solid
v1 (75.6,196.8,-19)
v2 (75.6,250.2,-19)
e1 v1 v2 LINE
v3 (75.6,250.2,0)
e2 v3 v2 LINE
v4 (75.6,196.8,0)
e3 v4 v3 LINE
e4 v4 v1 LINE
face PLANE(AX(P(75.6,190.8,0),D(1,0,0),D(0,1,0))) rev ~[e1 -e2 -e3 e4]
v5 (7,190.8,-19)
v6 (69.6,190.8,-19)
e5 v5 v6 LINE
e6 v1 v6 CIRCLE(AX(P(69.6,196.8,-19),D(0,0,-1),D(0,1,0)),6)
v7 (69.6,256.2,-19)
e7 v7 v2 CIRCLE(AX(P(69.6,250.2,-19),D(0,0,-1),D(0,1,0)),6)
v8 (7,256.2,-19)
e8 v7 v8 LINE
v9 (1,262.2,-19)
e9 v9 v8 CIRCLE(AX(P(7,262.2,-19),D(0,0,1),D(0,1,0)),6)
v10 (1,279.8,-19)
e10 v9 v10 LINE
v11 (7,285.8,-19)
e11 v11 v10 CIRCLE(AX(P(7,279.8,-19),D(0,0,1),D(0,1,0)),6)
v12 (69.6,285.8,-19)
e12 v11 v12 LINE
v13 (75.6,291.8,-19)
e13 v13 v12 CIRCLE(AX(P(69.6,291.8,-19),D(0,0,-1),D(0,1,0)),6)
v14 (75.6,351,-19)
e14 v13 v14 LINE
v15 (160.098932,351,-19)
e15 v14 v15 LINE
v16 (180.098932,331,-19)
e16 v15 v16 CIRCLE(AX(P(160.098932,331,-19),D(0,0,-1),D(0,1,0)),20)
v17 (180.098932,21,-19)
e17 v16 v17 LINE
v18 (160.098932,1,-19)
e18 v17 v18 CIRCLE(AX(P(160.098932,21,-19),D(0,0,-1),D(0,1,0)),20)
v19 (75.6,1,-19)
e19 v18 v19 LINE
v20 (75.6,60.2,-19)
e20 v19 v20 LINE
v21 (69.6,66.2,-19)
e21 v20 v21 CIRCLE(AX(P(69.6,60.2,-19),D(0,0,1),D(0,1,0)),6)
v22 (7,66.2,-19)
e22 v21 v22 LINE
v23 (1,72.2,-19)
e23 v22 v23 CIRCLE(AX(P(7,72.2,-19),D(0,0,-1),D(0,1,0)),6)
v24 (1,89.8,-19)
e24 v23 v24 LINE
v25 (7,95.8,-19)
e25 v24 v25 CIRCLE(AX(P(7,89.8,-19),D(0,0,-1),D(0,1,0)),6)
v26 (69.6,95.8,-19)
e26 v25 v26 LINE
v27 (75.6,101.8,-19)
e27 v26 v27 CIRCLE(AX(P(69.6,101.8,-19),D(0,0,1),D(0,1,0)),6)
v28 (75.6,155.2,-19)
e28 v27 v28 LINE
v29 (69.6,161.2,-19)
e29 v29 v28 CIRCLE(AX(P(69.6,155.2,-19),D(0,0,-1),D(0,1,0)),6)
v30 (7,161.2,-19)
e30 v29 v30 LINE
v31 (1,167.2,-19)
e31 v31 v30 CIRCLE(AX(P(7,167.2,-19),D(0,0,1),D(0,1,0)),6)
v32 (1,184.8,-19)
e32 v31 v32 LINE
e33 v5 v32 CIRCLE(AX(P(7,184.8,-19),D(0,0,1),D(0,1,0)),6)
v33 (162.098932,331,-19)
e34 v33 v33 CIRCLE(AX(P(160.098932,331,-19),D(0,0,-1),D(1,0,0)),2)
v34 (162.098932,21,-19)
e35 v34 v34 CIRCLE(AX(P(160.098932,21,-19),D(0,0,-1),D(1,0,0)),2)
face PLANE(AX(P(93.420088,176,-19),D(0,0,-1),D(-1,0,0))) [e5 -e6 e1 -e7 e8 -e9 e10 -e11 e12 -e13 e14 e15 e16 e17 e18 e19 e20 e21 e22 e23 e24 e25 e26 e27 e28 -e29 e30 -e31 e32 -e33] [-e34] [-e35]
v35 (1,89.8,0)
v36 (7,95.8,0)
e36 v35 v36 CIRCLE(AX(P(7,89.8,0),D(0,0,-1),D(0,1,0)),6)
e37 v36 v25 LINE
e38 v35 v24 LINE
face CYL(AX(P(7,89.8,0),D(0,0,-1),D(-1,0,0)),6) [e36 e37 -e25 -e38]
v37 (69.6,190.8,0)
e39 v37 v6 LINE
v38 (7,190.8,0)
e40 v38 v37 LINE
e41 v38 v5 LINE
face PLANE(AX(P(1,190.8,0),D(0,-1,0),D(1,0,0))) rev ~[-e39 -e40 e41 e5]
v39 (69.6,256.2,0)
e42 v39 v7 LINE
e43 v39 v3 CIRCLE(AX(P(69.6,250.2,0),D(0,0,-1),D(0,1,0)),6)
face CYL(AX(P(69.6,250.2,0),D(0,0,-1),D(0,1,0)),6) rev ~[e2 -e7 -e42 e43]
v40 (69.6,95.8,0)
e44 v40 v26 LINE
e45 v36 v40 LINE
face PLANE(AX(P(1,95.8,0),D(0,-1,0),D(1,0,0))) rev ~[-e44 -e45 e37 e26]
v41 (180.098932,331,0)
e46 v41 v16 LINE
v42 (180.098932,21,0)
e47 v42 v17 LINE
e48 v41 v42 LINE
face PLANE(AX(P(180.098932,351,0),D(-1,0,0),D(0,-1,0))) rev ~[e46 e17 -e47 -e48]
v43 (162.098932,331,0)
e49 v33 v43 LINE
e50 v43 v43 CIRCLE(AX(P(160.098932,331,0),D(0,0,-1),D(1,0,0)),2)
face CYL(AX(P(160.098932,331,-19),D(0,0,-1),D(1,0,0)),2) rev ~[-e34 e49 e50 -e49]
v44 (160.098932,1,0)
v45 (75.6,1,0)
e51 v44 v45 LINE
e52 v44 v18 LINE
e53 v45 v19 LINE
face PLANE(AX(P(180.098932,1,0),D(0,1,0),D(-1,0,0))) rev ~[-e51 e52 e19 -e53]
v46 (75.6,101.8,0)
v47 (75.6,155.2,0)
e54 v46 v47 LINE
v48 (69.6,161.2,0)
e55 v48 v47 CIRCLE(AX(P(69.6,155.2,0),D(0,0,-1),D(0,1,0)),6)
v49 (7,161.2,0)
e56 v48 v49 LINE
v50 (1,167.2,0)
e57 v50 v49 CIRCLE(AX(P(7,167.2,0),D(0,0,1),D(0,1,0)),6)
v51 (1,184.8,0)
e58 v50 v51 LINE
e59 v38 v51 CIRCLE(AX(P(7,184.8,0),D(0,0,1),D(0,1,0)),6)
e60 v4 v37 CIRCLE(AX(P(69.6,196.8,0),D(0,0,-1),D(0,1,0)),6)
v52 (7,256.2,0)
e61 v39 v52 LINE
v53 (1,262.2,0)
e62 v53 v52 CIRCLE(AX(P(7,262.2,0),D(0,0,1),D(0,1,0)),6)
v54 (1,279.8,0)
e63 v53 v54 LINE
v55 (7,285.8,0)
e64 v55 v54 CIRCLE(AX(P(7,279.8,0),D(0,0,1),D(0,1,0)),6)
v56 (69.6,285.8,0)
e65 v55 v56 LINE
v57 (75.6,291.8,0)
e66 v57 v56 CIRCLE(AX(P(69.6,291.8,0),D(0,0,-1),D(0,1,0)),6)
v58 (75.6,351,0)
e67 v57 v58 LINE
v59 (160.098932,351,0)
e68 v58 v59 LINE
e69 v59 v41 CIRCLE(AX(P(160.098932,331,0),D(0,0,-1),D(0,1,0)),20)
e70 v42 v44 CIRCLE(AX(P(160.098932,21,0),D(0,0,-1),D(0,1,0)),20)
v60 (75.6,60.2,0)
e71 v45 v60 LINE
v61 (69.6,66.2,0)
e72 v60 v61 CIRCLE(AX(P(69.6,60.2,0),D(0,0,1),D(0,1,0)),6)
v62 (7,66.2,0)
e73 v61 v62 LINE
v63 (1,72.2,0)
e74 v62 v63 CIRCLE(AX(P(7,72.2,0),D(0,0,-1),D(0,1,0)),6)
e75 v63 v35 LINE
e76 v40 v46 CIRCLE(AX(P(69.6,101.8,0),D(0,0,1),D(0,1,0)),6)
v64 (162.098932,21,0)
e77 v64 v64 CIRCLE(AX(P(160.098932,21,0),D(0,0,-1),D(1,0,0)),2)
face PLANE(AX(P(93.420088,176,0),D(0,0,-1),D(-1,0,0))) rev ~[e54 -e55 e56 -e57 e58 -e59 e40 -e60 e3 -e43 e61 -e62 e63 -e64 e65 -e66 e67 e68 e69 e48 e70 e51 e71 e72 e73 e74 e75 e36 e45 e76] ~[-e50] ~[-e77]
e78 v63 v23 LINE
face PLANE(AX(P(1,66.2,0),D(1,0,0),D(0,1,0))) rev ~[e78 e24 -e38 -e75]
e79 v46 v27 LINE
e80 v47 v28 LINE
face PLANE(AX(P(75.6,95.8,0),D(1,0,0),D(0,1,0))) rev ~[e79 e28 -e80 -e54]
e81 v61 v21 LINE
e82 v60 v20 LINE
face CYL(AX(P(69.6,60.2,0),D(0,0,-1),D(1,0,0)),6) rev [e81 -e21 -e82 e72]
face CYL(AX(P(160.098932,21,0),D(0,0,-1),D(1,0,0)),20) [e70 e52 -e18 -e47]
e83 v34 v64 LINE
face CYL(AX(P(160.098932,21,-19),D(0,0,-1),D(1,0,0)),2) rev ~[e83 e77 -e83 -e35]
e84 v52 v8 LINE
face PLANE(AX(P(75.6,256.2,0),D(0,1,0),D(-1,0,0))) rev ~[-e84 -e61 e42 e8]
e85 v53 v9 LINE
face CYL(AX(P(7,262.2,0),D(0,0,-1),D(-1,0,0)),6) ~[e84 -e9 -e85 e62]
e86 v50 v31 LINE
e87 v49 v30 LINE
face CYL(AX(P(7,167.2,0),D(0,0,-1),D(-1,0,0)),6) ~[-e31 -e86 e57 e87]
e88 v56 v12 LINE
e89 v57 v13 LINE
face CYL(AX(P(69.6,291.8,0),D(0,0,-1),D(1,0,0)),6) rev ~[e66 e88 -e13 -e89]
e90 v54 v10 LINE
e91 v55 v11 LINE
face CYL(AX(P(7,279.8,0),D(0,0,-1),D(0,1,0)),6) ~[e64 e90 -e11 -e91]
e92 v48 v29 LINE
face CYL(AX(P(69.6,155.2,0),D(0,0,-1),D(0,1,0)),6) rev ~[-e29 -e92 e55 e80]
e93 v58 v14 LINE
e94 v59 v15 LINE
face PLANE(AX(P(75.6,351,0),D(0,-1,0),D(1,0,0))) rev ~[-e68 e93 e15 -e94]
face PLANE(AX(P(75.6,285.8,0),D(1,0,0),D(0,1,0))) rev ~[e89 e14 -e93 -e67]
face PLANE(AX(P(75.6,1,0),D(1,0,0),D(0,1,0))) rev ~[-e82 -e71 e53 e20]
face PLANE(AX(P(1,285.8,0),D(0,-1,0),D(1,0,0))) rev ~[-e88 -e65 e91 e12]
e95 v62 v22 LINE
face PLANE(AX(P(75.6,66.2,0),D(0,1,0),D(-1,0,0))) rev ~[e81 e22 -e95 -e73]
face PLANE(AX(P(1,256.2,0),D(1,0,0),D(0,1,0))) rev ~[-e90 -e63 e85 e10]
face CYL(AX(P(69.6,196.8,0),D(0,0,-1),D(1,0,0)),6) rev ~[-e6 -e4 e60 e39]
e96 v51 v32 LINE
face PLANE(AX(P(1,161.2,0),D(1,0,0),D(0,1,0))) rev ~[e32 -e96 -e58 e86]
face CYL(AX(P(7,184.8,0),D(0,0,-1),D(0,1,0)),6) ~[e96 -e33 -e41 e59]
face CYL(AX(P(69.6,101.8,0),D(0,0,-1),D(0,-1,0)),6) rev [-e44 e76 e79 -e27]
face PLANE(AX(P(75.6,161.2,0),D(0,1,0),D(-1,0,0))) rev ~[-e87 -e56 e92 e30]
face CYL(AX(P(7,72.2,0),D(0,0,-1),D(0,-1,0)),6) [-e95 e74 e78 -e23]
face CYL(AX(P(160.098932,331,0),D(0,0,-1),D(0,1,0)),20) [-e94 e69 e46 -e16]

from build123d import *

# Parameters (mm, degrees)
PAD014_DEPTH    = 19
FILLET002_R     = 20
FILLET003_R     = 6
SKETCH029_R     = 2
POCKET019_DEPTH = 19.001


with BuildPart() as part:
    # Sketch017 → Pad014 (new body)
    with BuildSketch(Plane.XY):
        Polygon((275, 216.2), (379.498932, 216.2), (379.498932, -133.8), (275, -133.8), (275, -68.6), (200.4, -68.6), (200.4, -39), (275, -39), (275, 26.4), (200.4, 26.4), (200.4, 56), (275, 56), (275, 121.4), (200.4, 121.4), (200.4, 151), (275, 151), align=None)
    extrude(amount=-PAD014_DEPTH)

    # Fillet002
    fillet002_edges = [part.edges().sort_by_distance(p)[0] for p in [
        (379.498932, 216.2, -9.5),
        (379.498932, -133.8, -9.5),
    ]]
    fillet(fillet002_edges, radius=FILLET002_R)

    # Fillet003
    fillet003_edges = [part.edges().sort_by_distance(p)[0] for p in [
        (200.4, 151, -9.5),
        (200.4, 121.4, -9.5),
        (200.4, 26.4, -9.5),
        (200.4, 56, -9.5),
        (200.4, -39, -9.5),
        (200.4, -68.6, -9.5),
        (275, 151, -9.5),
        (275, 121.4, -9.5),
        (275, 26.4, -9.5),
        (275, -68.6, -9.5),
        (275, -39, -9.5),
        (275, 56, -9.5),
    ]]
    fillet(fillet003_edges, radius=FILLET003_R)

    # Sketch029 (on Face32 of Fillet003) → Pocket019 (cut, through all)
    with BuildSketch(Plane(origin=(0, 0, -19), x_dir=(1, 0, 0), z_dir=(0, 0, -1))):
        with Locations((359.498932, 113.8)):
            Circle(SKETCH029_R)
        with Locations((359.498932, -196.2)):
            Circle(SKETCH029_R)
    extrude(amount=-POCKET019_DEPTH, mode=Mode.SUBTRACT)


with BuildPart() as part_1:
    # Body010 placement: moved
    add(part.part.moved(Location((0, 0, -9))))


with BuildPart() as part_2:
    # Clone placement: moved
    add(part_1.part.moved(Location((-199.4, 134.8, 9))))


solid = part_2.part
